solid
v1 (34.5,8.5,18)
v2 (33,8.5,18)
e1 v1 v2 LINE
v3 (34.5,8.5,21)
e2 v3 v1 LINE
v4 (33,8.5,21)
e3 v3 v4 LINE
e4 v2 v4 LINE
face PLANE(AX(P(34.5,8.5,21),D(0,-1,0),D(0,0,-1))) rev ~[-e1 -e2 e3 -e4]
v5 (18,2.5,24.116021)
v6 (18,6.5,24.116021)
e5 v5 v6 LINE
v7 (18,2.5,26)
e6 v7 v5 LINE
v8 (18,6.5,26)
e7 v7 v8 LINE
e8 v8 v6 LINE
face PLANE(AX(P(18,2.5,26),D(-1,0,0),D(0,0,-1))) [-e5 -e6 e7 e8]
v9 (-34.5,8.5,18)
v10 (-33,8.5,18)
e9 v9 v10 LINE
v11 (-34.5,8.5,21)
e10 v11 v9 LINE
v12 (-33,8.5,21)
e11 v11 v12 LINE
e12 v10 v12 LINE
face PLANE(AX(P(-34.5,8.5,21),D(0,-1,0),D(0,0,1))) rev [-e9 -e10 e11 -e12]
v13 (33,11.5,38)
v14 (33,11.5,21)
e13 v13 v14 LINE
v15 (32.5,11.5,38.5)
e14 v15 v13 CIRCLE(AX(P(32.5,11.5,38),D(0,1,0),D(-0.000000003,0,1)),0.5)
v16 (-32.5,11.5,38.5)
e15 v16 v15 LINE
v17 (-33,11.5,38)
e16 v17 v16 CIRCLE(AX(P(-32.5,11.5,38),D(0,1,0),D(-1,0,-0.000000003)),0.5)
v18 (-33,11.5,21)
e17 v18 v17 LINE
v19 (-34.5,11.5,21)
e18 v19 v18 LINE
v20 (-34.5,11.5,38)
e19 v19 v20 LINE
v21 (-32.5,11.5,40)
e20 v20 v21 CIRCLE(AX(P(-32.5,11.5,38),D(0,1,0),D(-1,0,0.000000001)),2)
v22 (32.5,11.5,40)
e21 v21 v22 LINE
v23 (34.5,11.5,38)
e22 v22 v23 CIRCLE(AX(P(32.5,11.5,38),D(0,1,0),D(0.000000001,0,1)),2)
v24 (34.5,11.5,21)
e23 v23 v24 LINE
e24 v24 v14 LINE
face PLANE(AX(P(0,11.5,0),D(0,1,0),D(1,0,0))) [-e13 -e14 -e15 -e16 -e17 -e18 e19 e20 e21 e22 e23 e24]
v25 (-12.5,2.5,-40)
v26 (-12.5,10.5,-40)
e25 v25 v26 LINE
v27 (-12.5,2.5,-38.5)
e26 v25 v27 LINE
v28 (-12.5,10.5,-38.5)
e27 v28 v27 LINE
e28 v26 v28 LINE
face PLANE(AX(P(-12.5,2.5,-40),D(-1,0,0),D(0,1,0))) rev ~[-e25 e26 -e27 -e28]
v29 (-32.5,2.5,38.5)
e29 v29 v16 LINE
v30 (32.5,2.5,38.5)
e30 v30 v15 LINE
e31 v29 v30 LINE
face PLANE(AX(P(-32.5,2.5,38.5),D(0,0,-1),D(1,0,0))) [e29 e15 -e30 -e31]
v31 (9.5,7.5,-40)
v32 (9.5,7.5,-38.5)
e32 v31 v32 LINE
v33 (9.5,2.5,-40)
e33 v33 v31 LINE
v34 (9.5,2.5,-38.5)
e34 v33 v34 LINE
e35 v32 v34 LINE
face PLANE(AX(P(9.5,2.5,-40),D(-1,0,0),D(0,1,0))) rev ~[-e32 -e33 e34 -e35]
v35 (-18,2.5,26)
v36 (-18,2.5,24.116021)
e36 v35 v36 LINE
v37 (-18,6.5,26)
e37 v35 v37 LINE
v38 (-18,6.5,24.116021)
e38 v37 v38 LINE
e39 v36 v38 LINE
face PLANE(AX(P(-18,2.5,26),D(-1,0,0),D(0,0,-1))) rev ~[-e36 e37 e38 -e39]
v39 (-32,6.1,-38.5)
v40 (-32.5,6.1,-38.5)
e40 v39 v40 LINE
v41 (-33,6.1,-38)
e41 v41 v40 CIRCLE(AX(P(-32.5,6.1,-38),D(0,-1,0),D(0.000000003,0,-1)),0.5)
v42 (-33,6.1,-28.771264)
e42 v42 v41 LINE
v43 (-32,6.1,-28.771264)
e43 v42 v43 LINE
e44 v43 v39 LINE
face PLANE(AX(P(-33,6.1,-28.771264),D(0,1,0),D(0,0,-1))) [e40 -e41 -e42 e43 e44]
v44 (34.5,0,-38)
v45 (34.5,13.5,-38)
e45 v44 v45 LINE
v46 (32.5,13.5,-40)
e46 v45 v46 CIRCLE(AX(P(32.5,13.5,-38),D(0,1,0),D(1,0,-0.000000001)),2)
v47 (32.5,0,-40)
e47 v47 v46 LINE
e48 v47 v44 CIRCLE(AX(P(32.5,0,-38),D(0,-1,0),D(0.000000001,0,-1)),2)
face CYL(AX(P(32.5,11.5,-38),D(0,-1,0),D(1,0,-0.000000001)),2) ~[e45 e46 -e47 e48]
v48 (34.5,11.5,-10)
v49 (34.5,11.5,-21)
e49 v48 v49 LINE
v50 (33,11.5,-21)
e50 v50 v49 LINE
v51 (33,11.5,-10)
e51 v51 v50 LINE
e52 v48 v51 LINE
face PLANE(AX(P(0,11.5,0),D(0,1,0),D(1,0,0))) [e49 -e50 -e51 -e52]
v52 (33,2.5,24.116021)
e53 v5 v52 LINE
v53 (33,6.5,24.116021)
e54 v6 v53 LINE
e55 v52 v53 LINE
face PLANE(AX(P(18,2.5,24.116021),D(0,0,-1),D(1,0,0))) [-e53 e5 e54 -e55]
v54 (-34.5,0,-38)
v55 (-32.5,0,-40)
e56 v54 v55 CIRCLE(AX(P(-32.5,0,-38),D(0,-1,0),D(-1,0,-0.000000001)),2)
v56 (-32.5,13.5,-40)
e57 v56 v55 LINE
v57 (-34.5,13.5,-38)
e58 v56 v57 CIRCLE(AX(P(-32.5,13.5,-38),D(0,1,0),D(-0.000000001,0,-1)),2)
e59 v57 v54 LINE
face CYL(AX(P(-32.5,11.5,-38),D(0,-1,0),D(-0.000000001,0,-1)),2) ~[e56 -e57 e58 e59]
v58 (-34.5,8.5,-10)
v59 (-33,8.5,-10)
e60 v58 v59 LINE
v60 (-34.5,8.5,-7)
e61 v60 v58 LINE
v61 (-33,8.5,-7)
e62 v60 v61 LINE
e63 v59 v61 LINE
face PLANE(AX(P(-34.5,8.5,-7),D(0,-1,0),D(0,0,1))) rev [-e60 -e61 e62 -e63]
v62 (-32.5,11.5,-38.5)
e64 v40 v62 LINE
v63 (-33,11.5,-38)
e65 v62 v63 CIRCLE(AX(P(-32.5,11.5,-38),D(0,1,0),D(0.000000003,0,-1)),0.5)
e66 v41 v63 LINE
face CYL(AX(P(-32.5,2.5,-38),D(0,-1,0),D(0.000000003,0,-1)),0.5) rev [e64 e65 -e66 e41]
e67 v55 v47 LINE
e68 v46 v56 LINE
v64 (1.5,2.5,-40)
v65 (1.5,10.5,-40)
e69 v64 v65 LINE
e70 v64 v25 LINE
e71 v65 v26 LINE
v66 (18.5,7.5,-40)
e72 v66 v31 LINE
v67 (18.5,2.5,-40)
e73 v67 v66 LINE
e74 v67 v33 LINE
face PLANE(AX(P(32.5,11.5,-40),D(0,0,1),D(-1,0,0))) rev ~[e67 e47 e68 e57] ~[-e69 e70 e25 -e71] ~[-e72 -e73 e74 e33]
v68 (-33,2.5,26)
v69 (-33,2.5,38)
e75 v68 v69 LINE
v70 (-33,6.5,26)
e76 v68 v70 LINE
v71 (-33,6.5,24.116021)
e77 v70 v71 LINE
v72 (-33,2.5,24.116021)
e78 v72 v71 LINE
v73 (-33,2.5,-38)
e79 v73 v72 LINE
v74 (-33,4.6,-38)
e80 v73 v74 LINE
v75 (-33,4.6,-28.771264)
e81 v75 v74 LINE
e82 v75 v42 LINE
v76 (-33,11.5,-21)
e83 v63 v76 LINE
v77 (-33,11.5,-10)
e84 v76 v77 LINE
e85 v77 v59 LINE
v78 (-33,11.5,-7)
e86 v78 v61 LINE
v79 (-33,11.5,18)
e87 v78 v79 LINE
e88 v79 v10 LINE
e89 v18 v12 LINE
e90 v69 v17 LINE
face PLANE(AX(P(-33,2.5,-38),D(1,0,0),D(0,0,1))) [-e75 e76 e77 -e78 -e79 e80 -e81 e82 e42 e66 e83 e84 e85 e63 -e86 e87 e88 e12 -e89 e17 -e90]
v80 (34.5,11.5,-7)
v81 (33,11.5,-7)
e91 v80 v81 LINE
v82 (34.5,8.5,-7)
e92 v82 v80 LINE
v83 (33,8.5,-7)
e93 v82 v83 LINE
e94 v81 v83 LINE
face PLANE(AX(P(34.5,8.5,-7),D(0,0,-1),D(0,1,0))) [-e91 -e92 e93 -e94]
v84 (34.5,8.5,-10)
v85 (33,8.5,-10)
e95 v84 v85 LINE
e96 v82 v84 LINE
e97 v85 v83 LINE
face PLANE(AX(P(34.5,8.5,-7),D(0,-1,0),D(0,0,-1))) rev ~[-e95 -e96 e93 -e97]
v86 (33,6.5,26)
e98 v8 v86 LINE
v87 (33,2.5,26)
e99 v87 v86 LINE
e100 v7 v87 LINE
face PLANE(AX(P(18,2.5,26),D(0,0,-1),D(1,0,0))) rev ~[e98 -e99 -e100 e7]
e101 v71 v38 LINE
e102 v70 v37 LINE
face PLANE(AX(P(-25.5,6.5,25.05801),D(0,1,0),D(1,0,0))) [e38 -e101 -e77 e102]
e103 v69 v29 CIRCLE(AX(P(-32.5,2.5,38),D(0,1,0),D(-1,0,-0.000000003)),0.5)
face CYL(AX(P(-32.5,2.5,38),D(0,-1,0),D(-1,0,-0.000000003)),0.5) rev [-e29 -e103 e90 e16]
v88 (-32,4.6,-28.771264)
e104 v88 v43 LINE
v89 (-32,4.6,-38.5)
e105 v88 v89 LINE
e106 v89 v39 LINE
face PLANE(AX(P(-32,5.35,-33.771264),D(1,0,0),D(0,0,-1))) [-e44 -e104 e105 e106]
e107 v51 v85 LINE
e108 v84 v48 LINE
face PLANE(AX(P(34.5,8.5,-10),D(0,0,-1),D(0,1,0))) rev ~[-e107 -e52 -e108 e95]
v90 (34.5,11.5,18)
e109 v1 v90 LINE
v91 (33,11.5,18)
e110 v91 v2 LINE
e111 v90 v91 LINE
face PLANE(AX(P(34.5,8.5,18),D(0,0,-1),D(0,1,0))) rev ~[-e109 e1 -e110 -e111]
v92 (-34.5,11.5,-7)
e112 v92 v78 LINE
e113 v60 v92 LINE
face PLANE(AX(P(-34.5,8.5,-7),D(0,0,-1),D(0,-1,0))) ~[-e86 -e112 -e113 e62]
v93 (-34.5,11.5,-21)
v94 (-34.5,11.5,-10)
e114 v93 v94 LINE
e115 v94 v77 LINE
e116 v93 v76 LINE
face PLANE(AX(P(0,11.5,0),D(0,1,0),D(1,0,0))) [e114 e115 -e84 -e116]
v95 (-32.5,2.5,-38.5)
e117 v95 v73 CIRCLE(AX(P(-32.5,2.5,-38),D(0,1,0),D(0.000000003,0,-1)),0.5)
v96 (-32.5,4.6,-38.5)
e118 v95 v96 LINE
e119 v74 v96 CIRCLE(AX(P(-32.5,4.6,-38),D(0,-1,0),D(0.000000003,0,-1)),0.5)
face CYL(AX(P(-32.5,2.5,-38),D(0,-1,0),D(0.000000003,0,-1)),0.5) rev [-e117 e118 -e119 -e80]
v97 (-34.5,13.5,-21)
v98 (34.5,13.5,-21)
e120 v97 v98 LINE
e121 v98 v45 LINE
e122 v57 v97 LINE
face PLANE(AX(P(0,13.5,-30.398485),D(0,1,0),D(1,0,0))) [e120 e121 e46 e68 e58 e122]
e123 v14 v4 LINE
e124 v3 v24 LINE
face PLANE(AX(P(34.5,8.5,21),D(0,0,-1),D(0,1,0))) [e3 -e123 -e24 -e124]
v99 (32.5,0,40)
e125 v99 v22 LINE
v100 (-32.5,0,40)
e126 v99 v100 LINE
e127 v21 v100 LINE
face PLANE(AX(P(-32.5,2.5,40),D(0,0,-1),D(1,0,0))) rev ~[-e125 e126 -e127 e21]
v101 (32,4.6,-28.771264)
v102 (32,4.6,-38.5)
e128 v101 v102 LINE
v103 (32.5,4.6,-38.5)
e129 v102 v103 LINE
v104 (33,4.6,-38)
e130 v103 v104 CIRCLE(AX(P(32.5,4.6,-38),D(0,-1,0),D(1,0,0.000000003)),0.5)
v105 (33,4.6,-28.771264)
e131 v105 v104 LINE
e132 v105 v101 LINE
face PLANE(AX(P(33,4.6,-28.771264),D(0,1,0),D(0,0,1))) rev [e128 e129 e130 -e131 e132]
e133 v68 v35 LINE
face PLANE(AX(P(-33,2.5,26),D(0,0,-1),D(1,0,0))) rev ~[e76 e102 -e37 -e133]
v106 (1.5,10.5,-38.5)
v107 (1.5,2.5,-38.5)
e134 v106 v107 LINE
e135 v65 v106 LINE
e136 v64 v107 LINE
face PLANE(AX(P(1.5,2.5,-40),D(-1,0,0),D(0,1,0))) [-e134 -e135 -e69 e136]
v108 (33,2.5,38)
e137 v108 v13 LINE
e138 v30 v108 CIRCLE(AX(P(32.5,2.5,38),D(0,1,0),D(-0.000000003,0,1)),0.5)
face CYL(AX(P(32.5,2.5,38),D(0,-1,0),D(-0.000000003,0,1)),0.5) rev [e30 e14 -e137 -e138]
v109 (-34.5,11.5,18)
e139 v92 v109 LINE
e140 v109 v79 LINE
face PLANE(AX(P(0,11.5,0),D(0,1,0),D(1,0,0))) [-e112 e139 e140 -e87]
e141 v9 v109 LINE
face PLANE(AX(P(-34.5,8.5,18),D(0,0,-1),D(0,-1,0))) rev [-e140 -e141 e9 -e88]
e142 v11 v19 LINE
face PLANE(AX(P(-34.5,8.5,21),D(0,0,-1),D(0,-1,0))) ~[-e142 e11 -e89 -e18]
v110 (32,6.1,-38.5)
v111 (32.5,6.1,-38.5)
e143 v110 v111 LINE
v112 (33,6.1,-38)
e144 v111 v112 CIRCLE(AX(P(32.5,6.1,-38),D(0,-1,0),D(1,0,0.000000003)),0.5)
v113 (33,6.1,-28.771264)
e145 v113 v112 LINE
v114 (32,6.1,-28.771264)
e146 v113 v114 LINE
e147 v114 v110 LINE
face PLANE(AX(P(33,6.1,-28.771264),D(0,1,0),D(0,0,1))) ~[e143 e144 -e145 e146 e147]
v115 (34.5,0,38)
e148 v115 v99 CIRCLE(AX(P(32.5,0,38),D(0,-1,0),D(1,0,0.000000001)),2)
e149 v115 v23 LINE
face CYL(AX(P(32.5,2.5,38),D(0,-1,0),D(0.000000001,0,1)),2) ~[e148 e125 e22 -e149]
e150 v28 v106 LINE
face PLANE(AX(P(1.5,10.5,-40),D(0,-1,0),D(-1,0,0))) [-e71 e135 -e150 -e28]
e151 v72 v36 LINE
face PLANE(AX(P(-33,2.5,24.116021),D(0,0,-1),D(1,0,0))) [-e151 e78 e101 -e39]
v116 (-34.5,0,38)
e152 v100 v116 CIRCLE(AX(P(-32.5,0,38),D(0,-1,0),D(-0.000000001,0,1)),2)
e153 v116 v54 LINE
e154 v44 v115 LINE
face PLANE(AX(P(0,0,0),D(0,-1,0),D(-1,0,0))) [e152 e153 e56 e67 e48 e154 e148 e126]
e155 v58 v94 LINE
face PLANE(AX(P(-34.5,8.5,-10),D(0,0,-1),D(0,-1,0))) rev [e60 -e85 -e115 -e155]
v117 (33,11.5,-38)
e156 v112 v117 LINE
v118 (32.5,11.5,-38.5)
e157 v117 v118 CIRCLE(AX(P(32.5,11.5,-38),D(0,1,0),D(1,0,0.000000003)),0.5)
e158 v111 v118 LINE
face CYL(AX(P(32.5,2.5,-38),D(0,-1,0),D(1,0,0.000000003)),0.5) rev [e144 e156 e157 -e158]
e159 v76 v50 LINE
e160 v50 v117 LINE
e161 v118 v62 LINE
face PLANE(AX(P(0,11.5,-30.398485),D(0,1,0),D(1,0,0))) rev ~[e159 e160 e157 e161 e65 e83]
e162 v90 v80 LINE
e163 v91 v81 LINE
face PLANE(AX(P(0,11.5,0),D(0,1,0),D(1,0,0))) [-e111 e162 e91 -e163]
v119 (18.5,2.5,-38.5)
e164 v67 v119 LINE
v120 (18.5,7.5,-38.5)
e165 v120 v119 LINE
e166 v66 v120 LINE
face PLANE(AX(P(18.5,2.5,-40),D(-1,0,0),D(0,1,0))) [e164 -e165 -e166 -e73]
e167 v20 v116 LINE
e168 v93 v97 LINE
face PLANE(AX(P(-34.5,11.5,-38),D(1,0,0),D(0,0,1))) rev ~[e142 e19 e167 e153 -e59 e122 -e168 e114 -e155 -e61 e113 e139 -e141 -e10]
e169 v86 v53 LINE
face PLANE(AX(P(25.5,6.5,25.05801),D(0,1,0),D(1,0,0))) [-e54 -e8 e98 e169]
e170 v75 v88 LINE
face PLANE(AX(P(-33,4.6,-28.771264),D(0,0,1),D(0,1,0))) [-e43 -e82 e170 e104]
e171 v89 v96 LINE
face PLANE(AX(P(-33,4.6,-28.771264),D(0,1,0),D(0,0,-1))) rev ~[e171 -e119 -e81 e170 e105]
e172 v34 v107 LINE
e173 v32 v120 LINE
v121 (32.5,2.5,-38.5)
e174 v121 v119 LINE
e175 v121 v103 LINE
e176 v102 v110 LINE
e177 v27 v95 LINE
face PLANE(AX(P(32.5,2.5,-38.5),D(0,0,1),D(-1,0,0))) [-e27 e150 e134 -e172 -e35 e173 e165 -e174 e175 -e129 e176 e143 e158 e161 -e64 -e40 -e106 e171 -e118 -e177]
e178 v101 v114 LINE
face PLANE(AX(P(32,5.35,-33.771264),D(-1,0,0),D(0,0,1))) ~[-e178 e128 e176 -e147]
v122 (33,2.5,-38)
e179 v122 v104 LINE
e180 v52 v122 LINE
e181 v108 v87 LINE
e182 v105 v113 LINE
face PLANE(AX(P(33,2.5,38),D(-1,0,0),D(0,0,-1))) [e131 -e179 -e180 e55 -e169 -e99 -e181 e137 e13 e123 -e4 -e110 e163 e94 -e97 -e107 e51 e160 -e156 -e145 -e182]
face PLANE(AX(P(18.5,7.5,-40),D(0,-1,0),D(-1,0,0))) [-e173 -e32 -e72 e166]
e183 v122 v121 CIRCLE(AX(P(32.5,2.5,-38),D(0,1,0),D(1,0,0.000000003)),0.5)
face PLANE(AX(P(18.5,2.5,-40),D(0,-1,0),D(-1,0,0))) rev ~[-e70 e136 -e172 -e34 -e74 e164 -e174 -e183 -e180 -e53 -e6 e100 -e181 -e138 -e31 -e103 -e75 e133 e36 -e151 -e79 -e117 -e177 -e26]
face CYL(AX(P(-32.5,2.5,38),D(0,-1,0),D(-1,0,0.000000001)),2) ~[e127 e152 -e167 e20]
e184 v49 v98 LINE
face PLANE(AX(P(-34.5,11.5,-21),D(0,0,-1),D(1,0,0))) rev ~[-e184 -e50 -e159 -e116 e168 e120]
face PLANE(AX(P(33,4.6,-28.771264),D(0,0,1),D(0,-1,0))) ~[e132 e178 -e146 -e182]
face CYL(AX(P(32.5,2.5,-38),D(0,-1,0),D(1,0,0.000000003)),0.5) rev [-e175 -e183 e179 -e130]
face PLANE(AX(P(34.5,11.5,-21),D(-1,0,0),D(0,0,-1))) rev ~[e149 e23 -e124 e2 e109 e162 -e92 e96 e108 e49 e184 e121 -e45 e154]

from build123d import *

# Parameters (mm, degrees)
EXTRUDE_1_DEPTH     = 2.5
EXTRUDE_2_DEPTH     = 9
SKETCH_6_W          = 14
SKETCH_6_H          = 8
SKETCH_6_W_2        = 9
SKETCH_6_H_2        = 5
CUT_EXTRUDE_3_DEPTH = 9
SKETCH_7_W          = 10
SKETCH_7_H          = 1.5
EXTRUDE_3_DEPTH     = 1
SKETCH_8_W          = 3
SKETCH_8_H          = 3
CUT_EXTRUDE_4_DEPTH = 5
EXTRUDE_4_DEPTH     = 2
SKETCH_10_W         = 15
SKETCH_10_H         = 1.883979019
EXTRUDE_5_DEPTH     = 4


with BuildPart() as part:
    # 草图1 → 凸台-拉伸1 (new body)
    with BuildSketch(Plane(origin=(0, 0, 0), x_dir=(1, 0, 0), z_dir=(0, 1, 0))):
        with BuildLine():
            Line((-32.5, 40), (32.5, 40))
            ThreePointArc((32.5, 40), (33.914213562, 39.414213562), (34.5, 38))
            Line((34.5, 38), (34.5, -38))
            ThreePointArc((34.5, -38), (33.914213562, -39.414213562), (32.5, -40))
            Line((32.5, -40), (-32.5, -40))
            ThreePointArc((-32.5, -40), (-33.914213562, -39.414213562), (-34.5, -38))
            Line((-34.5, -38), (-34.5, 38))
            ThreePointArc((-34.5, 38), (-33.914213562, 39.414213562), (-32.5, 40))
        make_face()
    extrude(amount=EXTRUDE_1_DEPTH)

    # 草图2 → 凸台-拉伸2 (add)
    with BuildSketch(Plane(origin=(0, 2.5, 0), x_dir=(1, 0, 0), z_dir=(0, 1, 0))):
        with BuildLine():
            Line((-32.5, -40), (32.5, -40))
            ThreePointArc((32.5, -40), (33.914213562, -39.414213562), (34.5, -38))
            Line((34.5, -38), (34.5, 38))
            ThreePointArc((34.5, 38), (33.914213562, 39.414213562), (32.5, 40))
            Line((32.5, 40), (-32.5, 40))
            ThreePointArc((-32.5, 40), (-33.914213562, 39.414213562), (-34.5, 38))
            Line((-34.5, 38), (-34.5, -38))
            ThreePointArc((-34.5, -38), (-33.914213562, -39.414213562), (-32.5, -40))
        make_face()
        with BuildLine():
            Line((-32.5, -38.5), (32.5, -38.5))
            ThreePointArc((32.5, -38.5), (32.853553391, -38.353553391), (33, -38))
            Line((33, -38), (33, 38))
            ThreePointArc((33, 38), (32.853553391, 38.353553391), (32.5, 38.5))
            Line((32.5, 38.5), (-32.5, 38.5))
            ThreePointArc((-32.5, 38.5), (-32.853553391, 38.353553391), (-33, 38))
            Line((-33, 38), (-33, -38))
            ThreePointArc((-33, -38), (-32.853553391, -38.353553391), (-32.5, -38.5))
        make_face(mode=Mode.SUBTRACT)
    extrude(amount=EXTRUDE_2_DEPTH)

    # 草图6 → 切除-拉伸3 (cut)
    with BuildSketch(Plane(origin=(0, 0, -40), x_dir=(-1, 0, 0), z_dir=(0, 0, -1))):
        with Locations((5.5, 6.5)):
            Rectangle(SKETCH_6_W, SKETCH_6_H)
        with Locations((-14, 5)):
            Rectangle(SKETCH_6_W_2, SKETCH_6_H_2)
    extrude(amount=-CUT_EXTRUDE_3_DEPTH, mode=Mode.SUBTRACT)

    # 草图7 → 凸台-拉伸3 (add)
    with BuildSketch(Plane(origin=(-33, 0, 0), x_dir=(0, 0, -1), z_dir=(1, 0, 0))):
        with Locations((33.771264053, 5.35)):
            Rectangle(SKETCH_7_W, SKETCH_7_H)
    extrude_3 = extrude(amount=EXTRUDE_3_DEPTH)

    # 镜向1: 凸台-拉伸3 across plane
    add(extrude_3.mirror(Plane(origin=(0, 0, 0), x_dir=(0, 0, 1), z_dir=(1, 0, 0))))

    # 草图8 → 切除-拉伸4 (cut)
    with BuildSketch(Plane(origin=(34.5, 0, 0), x_dir=(0, 0, -1), z_dir=(1, 0, 0))):
        with Locations((8.5, 10)):
            Rectangle(SKETCH_8_W, SKETCH_8_H)
        with Locations((-19.5, 10)):
            Rectangle(SKETCH_8_W, SKETCH_8_H)
    cut_extrude_4 = extrude(amount=-CUT_EXTRUDE_4_DEPTH, mode=Mode.SUBTRACT)

    # 镜向2: 切除-拉伸4 across plane
    add(cut_extrude_4.mirror(Plane(origin=(0, 0, 0), x_dir=(0, 0, 1), z_dir=(1, 0, 0))), mode=Mode.SUBTRACT)

    # 草图9 → 凸台-拉伸4 (add)
    with BuildSketch(Plane(origin=(0, 11.5, 0), x_dir=(1, 0, 0), z_dir=(0, 1, 0))):
        with BuildLine():
            Line((-34.5, 21), (34.5, 21))
            Line((34.5, 21), (34.5, 38))
            ThreePointArc((34.5, 38), (33.914213562, 39.414213562), (32.5, 40))
            Line((32.5, 40), (-32.5, 40))
            ThreePointArc((-32.5, 40), (-33.914213562, 39.414213562), (-34.5, 38))
            Line((-34.5, 38), (-34.5, 21))
        make_face()
    extrude(amount=EXTRUDE_4_DEPTH)

    # 草图10 → 凸台-拉伸5 (add)
    with BuildSketch(Plane(origin=(0, 2.5, 0), x_dir=(1, 0, 0), z_dir=(0, 1, 0))):
        with Locations((-25.5, -25.058010491)):
            Rectangle(SKETCH_10_W, SKETCH_10_H)
        with Locations((25.5, -25.058010491)):
            Rectangle(SKETCH_10_W, SKETCH_10_H)
    extrude(amount=EXTRUDE_5_DEPTH)


solid = part.part
